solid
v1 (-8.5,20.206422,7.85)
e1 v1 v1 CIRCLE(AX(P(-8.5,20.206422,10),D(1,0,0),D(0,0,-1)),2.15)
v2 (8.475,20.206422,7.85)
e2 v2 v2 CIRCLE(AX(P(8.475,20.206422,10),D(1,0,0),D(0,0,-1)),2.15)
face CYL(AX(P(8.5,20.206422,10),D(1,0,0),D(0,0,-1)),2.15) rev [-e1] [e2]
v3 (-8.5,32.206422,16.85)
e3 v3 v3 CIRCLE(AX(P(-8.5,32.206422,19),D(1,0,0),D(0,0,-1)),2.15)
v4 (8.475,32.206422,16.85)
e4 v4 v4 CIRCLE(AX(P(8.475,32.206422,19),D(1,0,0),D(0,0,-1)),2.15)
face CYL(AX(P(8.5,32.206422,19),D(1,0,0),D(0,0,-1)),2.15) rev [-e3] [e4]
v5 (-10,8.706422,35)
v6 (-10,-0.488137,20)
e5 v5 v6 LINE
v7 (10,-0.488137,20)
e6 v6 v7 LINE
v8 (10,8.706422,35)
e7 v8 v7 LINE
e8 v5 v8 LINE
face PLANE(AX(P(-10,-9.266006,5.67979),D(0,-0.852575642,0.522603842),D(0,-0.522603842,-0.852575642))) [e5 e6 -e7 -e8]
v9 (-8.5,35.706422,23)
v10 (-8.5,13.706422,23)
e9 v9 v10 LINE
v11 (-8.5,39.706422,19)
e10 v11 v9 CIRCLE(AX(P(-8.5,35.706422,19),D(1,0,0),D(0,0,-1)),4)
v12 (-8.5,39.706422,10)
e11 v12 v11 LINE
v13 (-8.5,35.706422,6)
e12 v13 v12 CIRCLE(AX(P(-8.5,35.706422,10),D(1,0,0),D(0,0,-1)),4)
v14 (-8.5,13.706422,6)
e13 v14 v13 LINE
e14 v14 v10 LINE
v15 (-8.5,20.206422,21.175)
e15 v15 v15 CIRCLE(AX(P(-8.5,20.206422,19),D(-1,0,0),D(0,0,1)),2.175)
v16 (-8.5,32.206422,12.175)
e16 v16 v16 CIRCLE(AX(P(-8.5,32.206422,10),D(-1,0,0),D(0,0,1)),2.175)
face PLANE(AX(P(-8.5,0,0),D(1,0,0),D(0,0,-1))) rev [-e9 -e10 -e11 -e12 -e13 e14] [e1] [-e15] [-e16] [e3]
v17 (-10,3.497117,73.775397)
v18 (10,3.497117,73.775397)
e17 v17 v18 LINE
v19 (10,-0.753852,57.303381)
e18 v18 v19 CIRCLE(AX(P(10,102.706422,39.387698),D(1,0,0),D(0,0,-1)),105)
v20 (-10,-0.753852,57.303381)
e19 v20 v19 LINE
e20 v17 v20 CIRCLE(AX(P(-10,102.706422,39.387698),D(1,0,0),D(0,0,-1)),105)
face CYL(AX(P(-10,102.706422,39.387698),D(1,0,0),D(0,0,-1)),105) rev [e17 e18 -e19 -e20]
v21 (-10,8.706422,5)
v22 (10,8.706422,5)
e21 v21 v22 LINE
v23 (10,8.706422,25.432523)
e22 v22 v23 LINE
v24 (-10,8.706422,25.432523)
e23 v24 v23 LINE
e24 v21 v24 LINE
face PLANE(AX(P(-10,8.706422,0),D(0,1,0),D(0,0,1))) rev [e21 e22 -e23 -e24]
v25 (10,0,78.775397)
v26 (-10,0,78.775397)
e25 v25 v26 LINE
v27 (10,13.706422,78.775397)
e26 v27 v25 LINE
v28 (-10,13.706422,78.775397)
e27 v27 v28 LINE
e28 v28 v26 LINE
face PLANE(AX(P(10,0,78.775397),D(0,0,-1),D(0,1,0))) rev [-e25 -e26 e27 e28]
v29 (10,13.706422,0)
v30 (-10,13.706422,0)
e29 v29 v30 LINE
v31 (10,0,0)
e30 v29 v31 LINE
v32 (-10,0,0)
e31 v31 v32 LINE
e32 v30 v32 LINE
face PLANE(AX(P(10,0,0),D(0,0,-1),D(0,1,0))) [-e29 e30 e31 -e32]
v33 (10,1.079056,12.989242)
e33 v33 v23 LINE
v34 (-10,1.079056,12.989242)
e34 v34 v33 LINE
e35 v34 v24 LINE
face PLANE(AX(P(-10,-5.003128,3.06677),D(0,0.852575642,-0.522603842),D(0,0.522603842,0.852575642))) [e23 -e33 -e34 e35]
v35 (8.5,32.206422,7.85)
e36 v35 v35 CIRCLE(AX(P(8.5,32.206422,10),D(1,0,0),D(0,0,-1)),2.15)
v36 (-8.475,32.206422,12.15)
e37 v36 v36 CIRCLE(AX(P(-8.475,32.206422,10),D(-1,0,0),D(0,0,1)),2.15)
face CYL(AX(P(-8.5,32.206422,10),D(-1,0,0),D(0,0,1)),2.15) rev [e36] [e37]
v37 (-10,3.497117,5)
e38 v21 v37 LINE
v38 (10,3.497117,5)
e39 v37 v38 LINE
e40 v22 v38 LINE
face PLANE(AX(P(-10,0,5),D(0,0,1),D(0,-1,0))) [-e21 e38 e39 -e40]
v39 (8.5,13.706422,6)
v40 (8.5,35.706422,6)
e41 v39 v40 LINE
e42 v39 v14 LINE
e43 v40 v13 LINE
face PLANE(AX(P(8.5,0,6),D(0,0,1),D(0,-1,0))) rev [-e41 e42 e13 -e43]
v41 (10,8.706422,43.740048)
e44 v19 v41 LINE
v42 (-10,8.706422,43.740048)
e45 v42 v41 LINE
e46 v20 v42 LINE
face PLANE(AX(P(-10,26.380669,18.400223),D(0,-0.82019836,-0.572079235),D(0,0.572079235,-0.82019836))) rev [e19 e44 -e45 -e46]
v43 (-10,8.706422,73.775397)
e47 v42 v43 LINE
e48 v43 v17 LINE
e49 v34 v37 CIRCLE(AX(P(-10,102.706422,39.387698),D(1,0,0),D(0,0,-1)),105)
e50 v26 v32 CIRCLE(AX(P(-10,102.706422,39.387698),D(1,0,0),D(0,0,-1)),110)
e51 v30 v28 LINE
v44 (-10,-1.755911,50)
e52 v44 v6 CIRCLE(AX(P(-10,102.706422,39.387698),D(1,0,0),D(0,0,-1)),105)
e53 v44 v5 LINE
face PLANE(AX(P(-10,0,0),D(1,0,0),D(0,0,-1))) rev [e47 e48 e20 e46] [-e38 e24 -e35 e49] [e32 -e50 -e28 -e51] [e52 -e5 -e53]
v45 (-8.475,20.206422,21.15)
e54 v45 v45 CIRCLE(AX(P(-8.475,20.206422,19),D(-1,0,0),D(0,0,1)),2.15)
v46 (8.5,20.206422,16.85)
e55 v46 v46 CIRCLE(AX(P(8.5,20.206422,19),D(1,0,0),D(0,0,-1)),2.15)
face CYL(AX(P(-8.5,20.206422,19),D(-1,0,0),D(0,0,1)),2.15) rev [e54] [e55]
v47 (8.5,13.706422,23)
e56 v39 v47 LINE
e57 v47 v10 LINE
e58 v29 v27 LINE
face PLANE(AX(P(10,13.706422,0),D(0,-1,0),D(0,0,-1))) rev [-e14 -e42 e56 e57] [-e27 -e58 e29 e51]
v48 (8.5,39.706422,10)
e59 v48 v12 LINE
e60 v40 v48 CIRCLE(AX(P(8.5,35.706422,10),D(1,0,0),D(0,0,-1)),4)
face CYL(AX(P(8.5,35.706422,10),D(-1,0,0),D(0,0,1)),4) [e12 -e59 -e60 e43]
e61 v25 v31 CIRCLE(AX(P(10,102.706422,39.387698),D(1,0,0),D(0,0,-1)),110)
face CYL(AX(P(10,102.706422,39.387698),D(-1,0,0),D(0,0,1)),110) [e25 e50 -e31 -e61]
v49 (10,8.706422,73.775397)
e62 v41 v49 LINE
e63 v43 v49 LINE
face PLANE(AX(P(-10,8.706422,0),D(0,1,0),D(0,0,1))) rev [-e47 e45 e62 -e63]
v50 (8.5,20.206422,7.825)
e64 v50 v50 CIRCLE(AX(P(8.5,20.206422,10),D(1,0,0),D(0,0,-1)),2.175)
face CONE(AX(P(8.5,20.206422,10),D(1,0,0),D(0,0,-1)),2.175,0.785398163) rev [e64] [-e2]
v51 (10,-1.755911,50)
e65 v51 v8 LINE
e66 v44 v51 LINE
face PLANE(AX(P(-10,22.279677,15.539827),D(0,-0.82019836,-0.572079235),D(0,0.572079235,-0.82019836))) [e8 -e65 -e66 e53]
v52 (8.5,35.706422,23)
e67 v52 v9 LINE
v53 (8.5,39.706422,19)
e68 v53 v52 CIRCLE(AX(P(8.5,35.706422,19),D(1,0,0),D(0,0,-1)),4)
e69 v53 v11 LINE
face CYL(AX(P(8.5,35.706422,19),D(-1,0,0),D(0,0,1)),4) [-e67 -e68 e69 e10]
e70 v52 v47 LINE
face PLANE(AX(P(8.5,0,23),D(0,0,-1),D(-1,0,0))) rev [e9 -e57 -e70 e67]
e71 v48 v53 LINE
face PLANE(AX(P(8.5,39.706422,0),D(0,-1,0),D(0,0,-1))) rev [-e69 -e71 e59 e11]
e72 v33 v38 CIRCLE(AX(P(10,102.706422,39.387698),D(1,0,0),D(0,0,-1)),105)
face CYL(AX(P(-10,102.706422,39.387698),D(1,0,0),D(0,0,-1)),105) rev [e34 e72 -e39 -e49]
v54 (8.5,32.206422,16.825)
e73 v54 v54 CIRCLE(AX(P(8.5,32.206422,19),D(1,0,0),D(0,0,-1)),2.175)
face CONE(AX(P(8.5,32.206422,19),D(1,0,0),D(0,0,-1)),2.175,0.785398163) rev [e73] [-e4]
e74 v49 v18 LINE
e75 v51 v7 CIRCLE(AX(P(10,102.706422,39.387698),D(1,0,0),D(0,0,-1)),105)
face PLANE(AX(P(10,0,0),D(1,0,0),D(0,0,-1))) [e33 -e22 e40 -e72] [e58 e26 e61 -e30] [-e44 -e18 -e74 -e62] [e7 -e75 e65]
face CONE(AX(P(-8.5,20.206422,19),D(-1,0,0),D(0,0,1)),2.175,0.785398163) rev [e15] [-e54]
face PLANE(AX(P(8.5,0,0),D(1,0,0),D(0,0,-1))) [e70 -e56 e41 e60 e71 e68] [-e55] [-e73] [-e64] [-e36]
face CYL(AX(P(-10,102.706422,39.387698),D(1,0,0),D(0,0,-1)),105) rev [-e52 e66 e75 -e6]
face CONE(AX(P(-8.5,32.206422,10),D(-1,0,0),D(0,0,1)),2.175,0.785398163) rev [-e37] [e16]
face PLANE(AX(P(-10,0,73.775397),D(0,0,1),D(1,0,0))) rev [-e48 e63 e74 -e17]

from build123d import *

# Parameters (mm, degrees)
BOSS_EXTRUDE1_DEPTH            = 10
BOSS_EXTRUDE1_DEPTH_BACK       = 10
BOSS_EXTRUDE2_START            = -8.5
BOSS_EXTRUDE2_DEPTH            = 17
M4_CLEARANCE_HOLE1_D           = 4.3
M4_CLEARANCE_HOLE1_CSINK_D     = 4.35
M4_CLEARANCE_HOLE1_CSINK_ANGLE = 90
M4_CLEARANCE_HOLE2_D           = 4.3
M4_CLEARANCE_HOLE2_CSINK_D     = 4.35
M4_CLEARANCE_HOLE2_CSINK_ANGLE = 90
CUT_EXTRUDE1_DEPTH             = 89.78154726
CUT_EXTRUDE1_DEPTH_BACK        = 89.78154726


with BuildPart() as part:
    # Sketch2 → Boss-Extrude1 (new, two sides: drawn at the far end of the back side and taken through both)
    with BuildSketch(Plane(origin=(0, 0, 0), x_dir=(0, 0, -1), z_dir=(1, 0, 0)).offset(-BOSS_EXTRUDE1_DEPTH_BACK)):
        with BuildLine():
            Line((0, 13.70642245), (-6, 13.70642245))
            Line((-6, 13.70642245), (-23, 13.70642245))
            Line((-23, 13.70642245), (-78.775396858, 13.70642245))
            Line((-78.775396858, 13.70642245), (-78.775396858, 0))
            ThreePointArc((-78.775396858, 0), (-59.416347042, -5.45481476), (-39.387698429, -7.29357755))
            ThreePointArc((-39.387698429, -7.29357755), (-19.359049816, -5.45481476), (0, 0))
            Line((0, 0), (0, 13.70642245))
        make_face()
    extrude(amount=BOSS_EXTRUDE1_DEPTH + BOSS_EXTRUDE1_DEPTH_BACK)

    # Sketch2<3> → Boss-Extrude2 (add)
    with BuildSketch(Plane(origin=(0, 0, 0), x_dir=(0, 0, -1), z_dir=(1, 0, 0)).offset(BOSS_EXTRUDE2_START)):
        with BuildLine():
            Line((-23, 13.70642245), (-6, 13.70642245))
            Line((-6, 13.70642245), (-6, 35.706422449))
            ThreePointArc((-6, 35.706422449), (-7.171572875, 38.534849574), (-10, 39.706422449))
            Line((-10, 39.706422449), (-19, 39.706422449))
            ThreePointArc((-19, 39.706422449), (-21.828427125, 38.534849574), (-23, 35.706422449))
            Line((-23, 35.706422449), (-23, 28.706422449))
            Line((-23, 28.706422449), (-23, 23.70642245))
            Line((-23, 23.70642245), (-23, 16.70642245))
            Line((-23, 16.70642245), (-23, 13.70642245))
        make_face()
    extrude(amount=BOSS_EXTRUDE2_DEPTH)

    # M4 Clearance Hole1 (through all)
    with Locations(Plane.ZY.offset(8.5)):
        with Locations((10, 32.206422449), (19, 20.20642245)):
            CounterSinkHole(M4_CLEARANCE_HOLE1_D / 2, M4_CLEARANCE_HOLE1_CSINK_D / 2, counter_sink_angle=M4_CLEARANCE_HOLE1_CSINK_ANGLE)

    # M4 Clearance Hole2 (through all)
    with Locations(Plane(origin=(8.5, 0, 0), x_dir=(0, 0, -1), z_dir=(1, 0, 0))):
        with Locations((-19, 32.206422449), (-10, 20.20642245)):
            CounterSinkHole(M4_CLEARANCE_HOLE2_D / 2, M4_CLEARANCE_HOLE2_CSINK_D / 2, counter_sink_angle=M4_CLEARANCE_HOLE2_CSINK_ANGLE)

    # Sketch8 → Cut-Extrude1 (cut, two sides: drawn at the far end of the back side and taken through both)
    with BuildSketch(Plane(origin=(0, 0, 0), x_dir=(0, 0, -1), z_dir=(1, 0, 0)).offset(-CUT_EXTRUDE1_DEPTH_BACK)):
        with BuildLine():
            Line((-5, 3.497117459), (-5, 8.70642245))
            Line((-5, 8.70642245), (-6, 8.70642245))
            Line((-6, 8.70642245), (-23, 8.70642245))
            Line((-23, 8.70642245), (-25.432523452, 8.70642245))
            Line((-25.432523452, 8.70642245), (-12.989242433, 1.079056445))
            ThreePointArc((-12.989242433, 1.079056445), (-8.970583227, 2.208665745), (-5, 3.497117459))
        make_face()
        with BuildLine():
            ThreePointArc((-39.387698429, -2.29357755), (-29.651907949, -1.841243156), (-20, -0.48813724))
            Line((-20, -0.48813724), (-35, 8.70642245))
            Line((-35, 8.70642245), (-50, -1.755910739))
            ThreePointArc((-50, -1.755910739), (-44.700655003, -2.1590747), (-39.387698429, -2.29357755))
        make_face()
        with BuildLine():
            Line((-57.303381238, -0.753851614), (-43.740048051, 8.70642245))
            Line((-43.740048051, 8.70642245), (-73.775396858, 8.70642245))
            Line((-73.775396858, 8.70642245), (-73.775396858, 3.497117459))
            ThreePointArc((-73.775396858, 3.497117459), (-65.625621494, 1.037492126), (-57.303381238, -0.753851614))
        make_face()
    extrude(amount=CUT_EXTRUDE1_DEPTH + CUT_EXTRUDE1_DEPTH_BACK, mode=Mode.SUBTRACT)


solid = part.part
